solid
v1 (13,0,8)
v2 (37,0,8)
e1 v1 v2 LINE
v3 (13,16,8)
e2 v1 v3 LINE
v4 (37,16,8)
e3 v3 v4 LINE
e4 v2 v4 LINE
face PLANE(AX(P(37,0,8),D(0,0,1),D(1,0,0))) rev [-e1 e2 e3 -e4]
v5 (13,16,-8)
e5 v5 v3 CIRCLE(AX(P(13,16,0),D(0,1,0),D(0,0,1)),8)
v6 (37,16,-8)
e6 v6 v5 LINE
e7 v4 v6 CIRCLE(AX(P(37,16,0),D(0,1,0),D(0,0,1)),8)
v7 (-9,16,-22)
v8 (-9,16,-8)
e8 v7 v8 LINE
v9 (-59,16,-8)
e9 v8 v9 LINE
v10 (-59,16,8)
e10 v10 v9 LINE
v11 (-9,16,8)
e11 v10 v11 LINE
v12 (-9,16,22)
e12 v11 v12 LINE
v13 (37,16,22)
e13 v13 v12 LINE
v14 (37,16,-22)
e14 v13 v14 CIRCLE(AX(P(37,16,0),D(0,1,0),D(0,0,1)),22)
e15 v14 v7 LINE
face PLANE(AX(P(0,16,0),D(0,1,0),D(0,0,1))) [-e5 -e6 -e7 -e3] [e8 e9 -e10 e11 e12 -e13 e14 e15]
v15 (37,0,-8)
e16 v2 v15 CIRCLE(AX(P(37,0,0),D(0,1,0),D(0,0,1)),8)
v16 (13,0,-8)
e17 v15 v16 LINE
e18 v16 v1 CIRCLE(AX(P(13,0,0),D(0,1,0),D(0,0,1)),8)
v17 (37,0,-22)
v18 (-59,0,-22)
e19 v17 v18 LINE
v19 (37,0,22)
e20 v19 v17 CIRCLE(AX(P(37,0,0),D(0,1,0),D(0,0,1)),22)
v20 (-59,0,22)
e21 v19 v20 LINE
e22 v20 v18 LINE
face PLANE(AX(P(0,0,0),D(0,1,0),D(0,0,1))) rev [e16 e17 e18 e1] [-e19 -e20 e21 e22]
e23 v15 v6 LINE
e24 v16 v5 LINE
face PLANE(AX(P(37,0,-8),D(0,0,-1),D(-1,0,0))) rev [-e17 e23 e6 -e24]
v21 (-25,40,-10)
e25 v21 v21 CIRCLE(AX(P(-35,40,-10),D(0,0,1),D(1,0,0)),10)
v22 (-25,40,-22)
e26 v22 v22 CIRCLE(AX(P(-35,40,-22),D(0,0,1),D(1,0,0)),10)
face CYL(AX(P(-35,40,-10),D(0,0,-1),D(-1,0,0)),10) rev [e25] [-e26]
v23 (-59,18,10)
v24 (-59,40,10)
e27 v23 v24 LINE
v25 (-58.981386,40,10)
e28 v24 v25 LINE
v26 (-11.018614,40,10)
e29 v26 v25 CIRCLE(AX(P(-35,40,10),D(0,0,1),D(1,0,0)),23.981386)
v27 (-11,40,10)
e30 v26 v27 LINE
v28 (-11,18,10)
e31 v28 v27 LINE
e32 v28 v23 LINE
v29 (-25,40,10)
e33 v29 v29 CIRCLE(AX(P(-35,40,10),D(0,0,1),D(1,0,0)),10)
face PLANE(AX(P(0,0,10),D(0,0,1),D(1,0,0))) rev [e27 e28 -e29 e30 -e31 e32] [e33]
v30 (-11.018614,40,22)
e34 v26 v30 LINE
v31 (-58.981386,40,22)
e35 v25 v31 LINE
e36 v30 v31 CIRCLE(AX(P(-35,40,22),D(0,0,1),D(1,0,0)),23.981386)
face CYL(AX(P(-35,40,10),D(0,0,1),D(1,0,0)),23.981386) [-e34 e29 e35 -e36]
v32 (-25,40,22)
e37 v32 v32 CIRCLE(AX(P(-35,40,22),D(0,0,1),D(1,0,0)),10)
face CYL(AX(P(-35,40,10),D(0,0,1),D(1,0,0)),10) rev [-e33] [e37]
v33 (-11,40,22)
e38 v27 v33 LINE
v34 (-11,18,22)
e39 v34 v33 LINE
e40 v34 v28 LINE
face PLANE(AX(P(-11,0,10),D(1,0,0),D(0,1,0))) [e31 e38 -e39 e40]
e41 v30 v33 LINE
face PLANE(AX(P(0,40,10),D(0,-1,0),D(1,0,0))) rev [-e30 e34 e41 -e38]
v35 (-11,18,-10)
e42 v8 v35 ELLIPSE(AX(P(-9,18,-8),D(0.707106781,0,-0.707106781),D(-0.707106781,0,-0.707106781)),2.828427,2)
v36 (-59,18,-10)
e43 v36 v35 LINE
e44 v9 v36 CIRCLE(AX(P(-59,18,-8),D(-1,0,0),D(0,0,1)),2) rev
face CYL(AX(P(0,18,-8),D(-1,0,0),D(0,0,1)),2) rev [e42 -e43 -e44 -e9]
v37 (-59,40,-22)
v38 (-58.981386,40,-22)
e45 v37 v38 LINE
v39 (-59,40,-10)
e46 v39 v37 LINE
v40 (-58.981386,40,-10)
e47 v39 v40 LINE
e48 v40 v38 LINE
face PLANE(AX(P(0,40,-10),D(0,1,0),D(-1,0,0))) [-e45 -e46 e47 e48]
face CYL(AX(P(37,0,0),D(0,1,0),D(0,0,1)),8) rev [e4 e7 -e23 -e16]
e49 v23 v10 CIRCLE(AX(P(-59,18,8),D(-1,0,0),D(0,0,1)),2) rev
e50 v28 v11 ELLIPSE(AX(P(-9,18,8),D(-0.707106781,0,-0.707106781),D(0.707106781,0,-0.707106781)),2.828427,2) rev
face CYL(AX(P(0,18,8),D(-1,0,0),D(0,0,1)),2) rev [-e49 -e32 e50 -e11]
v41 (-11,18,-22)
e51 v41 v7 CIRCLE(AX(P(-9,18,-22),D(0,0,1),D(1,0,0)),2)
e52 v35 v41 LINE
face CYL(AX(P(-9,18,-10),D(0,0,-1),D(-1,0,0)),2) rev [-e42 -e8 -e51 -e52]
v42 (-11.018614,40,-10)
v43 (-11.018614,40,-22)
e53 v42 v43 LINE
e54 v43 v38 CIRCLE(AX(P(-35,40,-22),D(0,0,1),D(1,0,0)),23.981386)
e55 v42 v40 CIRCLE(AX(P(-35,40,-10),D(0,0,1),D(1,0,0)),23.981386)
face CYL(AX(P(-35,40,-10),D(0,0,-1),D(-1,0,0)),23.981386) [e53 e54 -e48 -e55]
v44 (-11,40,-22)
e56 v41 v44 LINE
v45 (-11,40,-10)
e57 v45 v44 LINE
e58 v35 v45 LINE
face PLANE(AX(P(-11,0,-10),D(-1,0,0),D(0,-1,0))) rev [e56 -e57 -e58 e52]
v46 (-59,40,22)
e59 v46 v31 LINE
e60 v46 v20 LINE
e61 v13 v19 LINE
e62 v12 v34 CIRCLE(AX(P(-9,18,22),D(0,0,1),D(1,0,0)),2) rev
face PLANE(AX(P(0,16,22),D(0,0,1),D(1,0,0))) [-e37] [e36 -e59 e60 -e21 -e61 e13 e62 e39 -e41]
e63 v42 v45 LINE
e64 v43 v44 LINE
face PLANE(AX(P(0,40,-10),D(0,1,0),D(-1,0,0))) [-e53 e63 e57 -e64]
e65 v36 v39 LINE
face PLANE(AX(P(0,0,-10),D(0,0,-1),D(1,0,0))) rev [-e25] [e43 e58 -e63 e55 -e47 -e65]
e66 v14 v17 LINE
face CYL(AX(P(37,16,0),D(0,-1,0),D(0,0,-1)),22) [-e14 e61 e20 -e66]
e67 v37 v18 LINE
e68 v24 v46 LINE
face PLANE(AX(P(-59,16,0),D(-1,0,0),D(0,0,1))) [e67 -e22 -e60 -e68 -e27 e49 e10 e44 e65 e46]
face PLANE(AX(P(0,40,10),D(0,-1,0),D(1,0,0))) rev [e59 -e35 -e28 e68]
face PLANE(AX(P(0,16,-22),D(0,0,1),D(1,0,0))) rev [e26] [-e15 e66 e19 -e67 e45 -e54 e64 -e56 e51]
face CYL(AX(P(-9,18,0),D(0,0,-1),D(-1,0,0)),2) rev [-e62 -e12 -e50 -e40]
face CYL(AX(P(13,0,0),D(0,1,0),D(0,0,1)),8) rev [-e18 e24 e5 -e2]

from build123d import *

# Parameters (mm, degrees)
SKETCH3_R           = 22
BOSS_EXTRUDE1_DEPTH = 16
CUT_EXTRUDE1_DEPTH  = 16
BOSS_EXTRUDE2_DEPTH = 12
FILLET1_R           = 2


with BuildPart() as part:
    # Sketch3 → Boss-Extrude1 (new body)
    with BuildSketch(Plane(origin=(0, 0, 0), x_dir=(1, 0, 0), z_dir=(0, 1, 0))):
        with BuildLine():
            Line((-59, -22), (37, -22))
            ThreePointArc((37, -22), (15, 0), (37, 22))
            Line((37, 22), (-59, 22))
            Line((-59, 22), (-59, -22))
        make_face()
        with Locations((37, 0)):
            Circle(SKETCH3_R)
    extrude(amount=BOSS_EXTRUDE1_DEPTH)

    # Sketch4 → Cut-Extrude1 (cut)
    with BuildSketch(Plane(origin=(0, 16, 0), x_dir=(1, 0, 0), z_dir=(0, 1, 0))):
        with BuildLine():
            Line((37, -8), (13, -8))
            ThreePointArc((13, -8), (5, 0), (13, 8))
            Line((13, 8), (37, 8))
            ThreePointArc((37, 8), (45, 0), (37, -8))
        make_face()
    extrude(amount=-CUT_EXTRUDE1_DEPTH, mode=Mode.SUBTRACT)

    # Sketch5 → Boss-Extrude2 (add)
    with BuildSketch(Plane.XY.offset(22)):
        with BuildLine():
            Line((-59, 40), (-59, 16))
            Line((-59, 16), (-11, 16))
            Line((-11, 16), (-11, 40))
            Line((-11, 40), (-11.018613653, 40))
            ThreePointArc((-11.018613653, 40), (-35, 16.018613653), (-58.981386347, 40))
            Line((-58.981386347, 40), (-59, 40))
        make_face()
        with BuildLine():
            ThreePointArc((-11.018613653, 40), (-35, 63.981386347), (-58.981386347, 40))
            Line((-58.981386347, 40), (-45, 40))
            ThreePointArc((-45, 40), (-35, 50), (-25, 40))
            Line((-25, 40), (-11.018613653, 40))
        make_face()
        with BuildLine():
            Line((-45, 40), (-58.981386347, 40))
            ThreePointArc((-58.981386347, 40), (-35, 16.018613653), (-11.018613653, 40))
            Line((-11.018613653, 40), (-25, 40))
            ThreePointArc((-25, 40), (-35, 30), (-45, 40))
        make_face()
    boss_extrude2 = extrude(amount=-BOSS_EXTRUDE2_DEPTH)

    # Mirror1: Boss-Extrude2 across plane
    add(boss_extrude2.mirror(Plane.XY))

    # Fillet1
    fillet1_edges = [part.edges().sort_by_distance(p)[0] for p in [
        (-11, 16, 16),
        (-35, 16, 10),
        (-35, 16, -10),
        (-11, 16, -16),
    ]]
    fillet(fillet1_edges, radius=FILLET1_R)


solid = part.part
